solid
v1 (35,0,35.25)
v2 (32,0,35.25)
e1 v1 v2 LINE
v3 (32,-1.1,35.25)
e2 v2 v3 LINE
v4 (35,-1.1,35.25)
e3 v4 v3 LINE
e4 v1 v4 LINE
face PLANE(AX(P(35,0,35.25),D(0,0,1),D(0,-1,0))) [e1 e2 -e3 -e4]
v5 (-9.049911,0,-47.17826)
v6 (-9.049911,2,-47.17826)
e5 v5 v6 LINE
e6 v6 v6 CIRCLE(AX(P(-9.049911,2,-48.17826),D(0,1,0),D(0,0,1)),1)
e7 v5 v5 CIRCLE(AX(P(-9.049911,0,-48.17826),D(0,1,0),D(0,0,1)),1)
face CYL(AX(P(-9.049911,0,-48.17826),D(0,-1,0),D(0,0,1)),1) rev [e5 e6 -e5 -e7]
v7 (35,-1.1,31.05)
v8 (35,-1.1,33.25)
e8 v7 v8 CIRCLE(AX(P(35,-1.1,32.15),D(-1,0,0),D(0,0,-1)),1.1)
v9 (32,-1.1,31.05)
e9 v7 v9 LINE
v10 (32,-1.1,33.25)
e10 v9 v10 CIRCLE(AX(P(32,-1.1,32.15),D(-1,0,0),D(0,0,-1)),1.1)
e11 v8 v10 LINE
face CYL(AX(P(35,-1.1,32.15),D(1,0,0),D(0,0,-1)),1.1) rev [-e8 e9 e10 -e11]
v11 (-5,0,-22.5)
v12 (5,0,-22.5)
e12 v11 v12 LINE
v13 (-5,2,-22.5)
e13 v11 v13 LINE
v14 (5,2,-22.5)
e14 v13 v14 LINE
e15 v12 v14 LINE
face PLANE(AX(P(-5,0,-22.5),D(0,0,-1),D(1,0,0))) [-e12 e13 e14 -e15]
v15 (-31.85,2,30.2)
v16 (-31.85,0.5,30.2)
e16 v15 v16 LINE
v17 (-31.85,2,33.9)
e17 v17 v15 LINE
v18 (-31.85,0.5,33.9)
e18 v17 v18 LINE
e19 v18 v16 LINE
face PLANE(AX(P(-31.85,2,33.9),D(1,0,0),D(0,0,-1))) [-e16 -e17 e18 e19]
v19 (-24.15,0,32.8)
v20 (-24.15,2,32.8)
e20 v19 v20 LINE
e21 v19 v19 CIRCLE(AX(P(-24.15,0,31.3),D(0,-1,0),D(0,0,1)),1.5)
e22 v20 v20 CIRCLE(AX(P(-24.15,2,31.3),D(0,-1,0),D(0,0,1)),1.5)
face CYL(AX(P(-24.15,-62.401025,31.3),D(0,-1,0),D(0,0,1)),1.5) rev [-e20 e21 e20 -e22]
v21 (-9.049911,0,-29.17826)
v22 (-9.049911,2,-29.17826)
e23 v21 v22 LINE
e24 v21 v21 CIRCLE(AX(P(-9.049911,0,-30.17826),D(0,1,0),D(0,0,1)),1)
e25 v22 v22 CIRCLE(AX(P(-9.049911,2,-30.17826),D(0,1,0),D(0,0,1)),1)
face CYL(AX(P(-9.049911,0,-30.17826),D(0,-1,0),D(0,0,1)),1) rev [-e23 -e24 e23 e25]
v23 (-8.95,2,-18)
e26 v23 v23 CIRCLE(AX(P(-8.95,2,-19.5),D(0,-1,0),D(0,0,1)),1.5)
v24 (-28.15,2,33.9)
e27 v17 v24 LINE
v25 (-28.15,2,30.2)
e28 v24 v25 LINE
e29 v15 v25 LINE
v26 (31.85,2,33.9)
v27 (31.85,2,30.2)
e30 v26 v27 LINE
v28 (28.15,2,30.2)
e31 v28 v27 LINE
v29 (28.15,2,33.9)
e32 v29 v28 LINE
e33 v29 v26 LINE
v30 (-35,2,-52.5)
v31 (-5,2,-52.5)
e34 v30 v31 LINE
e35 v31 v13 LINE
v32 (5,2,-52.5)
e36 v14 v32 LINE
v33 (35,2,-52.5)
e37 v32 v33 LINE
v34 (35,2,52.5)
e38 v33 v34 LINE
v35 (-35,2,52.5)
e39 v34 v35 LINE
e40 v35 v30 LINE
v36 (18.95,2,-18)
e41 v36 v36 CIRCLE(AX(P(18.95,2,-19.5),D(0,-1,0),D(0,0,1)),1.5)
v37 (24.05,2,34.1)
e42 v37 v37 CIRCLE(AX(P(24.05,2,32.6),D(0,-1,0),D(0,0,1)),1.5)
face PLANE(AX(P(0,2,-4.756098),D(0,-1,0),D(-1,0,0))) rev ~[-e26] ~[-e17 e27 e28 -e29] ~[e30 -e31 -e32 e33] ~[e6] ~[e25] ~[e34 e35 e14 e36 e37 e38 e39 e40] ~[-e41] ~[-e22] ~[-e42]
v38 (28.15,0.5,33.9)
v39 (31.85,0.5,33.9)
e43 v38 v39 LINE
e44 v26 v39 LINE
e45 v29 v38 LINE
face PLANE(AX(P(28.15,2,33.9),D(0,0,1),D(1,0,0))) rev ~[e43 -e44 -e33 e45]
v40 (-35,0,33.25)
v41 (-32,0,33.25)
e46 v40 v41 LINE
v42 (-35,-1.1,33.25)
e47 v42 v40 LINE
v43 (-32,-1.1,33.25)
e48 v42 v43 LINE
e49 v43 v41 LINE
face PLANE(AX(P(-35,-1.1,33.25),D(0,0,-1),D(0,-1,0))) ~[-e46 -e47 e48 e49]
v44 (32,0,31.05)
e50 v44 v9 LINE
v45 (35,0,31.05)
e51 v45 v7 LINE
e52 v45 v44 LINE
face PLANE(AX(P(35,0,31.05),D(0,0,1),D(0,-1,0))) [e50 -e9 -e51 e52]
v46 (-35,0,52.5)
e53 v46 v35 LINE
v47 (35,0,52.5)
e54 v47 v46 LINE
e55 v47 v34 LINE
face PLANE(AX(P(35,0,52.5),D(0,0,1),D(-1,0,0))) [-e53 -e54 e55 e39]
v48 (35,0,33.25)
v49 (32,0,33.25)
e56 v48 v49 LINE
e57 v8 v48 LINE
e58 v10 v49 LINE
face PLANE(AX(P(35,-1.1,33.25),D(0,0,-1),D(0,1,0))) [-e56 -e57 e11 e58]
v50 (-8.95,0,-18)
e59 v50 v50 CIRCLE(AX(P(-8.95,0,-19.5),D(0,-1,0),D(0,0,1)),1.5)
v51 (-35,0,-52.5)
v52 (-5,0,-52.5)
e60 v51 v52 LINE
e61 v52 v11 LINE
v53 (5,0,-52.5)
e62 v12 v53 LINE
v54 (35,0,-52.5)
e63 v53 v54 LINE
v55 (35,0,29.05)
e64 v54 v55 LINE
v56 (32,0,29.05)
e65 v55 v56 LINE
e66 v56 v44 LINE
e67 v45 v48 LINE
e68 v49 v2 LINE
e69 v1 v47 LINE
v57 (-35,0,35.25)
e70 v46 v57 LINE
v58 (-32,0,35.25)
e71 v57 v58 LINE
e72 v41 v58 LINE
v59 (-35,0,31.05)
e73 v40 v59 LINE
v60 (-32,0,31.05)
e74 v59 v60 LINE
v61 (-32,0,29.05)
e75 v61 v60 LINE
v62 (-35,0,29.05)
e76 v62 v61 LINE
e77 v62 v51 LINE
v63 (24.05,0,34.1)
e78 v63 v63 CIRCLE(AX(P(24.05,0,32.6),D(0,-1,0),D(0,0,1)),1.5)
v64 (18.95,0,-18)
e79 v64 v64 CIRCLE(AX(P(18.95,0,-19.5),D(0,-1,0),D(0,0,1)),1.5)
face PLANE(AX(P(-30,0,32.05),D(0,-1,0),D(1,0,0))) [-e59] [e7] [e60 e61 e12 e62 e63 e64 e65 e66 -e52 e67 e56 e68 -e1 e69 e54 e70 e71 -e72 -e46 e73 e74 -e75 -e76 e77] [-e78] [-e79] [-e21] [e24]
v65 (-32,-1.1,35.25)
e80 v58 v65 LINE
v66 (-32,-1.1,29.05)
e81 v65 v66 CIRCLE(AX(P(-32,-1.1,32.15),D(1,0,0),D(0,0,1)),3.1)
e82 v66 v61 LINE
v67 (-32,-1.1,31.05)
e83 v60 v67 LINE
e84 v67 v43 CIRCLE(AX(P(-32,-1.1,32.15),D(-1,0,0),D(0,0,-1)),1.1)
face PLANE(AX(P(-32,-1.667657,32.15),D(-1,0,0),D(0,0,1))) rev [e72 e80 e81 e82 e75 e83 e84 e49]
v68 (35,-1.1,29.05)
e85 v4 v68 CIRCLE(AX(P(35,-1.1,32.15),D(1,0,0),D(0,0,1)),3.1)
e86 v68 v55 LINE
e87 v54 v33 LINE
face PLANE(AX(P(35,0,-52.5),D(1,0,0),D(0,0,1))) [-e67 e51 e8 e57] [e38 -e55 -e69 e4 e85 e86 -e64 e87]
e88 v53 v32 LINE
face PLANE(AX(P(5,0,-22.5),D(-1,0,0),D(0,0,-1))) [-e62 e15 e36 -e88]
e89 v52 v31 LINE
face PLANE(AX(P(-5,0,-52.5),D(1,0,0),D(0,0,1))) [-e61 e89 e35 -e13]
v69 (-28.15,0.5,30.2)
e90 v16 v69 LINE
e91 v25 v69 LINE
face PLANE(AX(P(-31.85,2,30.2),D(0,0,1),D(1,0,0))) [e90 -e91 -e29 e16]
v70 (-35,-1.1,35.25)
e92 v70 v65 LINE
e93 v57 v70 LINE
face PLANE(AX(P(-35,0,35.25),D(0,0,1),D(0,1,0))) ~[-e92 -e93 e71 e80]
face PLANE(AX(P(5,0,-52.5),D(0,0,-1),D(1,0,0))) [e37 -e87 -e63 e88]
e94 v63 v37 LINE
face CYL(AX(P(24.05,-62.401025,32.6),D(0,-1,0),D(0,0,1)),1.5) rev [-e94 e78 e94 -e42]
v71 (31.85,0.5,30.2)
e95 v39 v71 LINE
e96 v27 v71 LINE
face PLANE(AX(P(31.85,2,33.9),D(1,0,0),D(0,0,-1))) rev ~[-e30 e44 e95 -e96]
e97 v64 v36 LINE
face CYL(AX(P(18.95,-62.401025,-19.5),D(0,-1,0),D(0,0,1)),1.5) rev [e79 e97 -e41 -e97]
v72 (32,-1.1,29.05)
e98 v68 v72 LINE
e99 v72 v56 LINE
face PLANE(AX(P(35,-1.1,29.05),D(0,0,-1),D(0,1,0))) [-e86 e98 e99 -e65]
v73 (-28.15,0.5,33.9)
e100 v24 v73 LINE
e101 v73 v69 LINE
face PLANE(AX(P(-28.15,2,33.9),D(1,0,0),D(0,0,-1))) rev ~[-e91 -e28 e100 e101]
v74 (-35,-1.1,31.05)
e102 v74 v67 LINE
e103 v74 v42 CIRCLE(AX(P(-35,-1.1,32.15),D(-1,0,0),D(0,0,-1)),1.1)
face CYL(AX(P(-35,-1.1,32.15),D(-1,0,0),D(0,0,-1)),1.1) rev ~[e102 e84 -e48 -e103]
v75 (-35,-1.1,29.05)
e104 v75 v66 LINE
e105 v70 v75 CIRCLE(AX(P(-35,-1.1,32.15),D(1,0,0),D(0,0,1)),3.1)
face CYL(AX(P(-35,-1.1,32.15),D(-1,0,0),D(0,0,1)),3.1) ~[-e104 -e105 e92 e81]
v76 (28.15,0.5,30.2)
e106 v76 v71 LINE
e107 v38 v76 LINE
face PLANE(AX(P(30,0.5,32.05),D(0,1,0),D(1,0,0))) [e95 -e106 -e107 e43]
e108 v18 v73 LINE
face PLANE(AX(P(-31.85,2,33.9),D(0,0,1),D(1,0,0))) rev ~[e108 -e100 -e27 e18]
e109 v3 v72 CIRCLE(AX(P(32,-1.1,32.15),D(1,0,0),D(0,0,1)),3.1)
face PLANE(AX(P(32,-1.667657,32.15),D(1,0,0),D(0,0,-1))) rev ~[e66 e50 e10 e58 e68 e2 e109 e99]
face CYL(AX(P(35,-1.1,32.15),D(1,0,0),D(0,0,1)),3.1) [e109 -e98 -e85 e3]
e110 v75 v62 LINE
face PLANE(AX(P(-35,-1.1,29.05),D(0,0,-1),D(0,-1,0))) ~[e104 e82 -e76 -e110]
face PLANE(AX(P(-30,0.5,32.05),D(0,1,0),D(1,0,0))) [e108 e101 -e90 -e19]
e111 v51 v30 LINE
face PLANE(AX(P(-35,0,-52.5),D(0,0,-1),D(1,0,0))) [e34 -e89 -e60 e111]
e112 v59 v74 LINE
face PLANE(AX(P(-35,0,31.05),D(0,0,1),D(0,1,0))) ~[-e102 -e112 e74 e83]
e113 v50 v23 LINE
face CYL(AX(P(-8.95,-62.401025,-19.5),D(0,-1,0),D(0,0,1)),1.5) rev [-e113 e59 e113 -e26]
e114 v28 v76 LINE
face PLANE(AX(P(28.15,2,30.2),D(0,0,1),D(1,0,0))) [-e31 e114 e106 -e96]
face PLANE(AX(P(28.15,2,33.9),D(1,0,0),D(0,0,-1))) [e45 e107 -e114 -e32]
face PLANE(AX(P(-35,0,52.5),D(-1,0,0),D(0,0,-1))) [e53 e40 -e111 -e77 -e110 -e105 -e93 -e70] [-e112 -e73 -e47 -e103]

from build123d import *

# Parameters (mm, degrees)
SKETCH1_R               = 1
SKETCH1_W               = 3.1
SKETCH1_H               = 3.1
BOSS_EXTRUDE1_DEPTH     = 2
BOSS_EXTRUDE2_DEPTH     = 3
SKETCH4_W               = 3.1
SKETCH4_H               = 3.1
BOSS_EXTRUDE3_DEPTH     = 0.5
SKETCH5_W               = 3.7
SKETCH5_H               = 3.7
CUT_EXTRUDE1_DEPTH      = 1.5
CUT_EXTRUDE2_DEPTH      = 64.401025228
CUT_EXTRUDE2_DEPTH_BACK = 64.401025228
SKETCH6_R               = 1.5


with BuildPart() as part:
    # Sketch1 → Boss-Extrude1 (new body)
    with BuildSketch(Plane(origin=(0, 0, 0), x_dir=(1, 0, 0), z_dir=(0, 1, 0))):
        Polygon((-5, 52.5), (-5, 22.5), (5, 22.5), (5, 52.5), (35, 52.5), (35, -52.5), (-35, -52.5), (-35, 52.5), align=None)
        with Locations(Location((-9.049911388, 48.178259549, 0), (0, 0, 270))):
            Circle(SKETCH1_R, mode=Mode.SUBTRACT)
        with Locations(Location((-9.049911388, 30.178259549, 0), (0, 0, 270))):
            Circle(SKETCH1_R, mode=Mode.SUBTRACT)
        with Locations((-30, -32.05)):
            Rectangle(SKETCH1_W, SKETCH1_H, mode=Mode.SUBTRACT)
        with Locations((30, -32.05)):
            Rectangle(SKETCH1_W, SKETCH1_H, mode=Mode.SUBTRACT)
    extrude(amount=BOSS_EXTRUDE1_DEPTH)

    # Sketch3 → Boss-Extrude2 (add)
    with BuildSketch(Plane(origin=(35, 0, 0), x_dir=(0, 0, -1), z_dir=(1, 0, 0))):
        with BuildLine():
            Line((-33.25, 0), (-35.25, 0))
            Line((-35.25, 0), (-35.25, -1.1))
            ThreePointArc((-35.25, -1.1), (-32.15, -4.2), (-29.05, -1.1))
            Line((-29.05, -1.1), (-29.05, 0))
            Line((-29.05, 0), (-31.05, 0))
            Line((-31.05, 0), (-31.05, -1.1))
            ThreePointArc((-31.05, -1.1), (-32.15, -2.2), (-33.25, -1.1))
            Line((-33.25, -1.1), (-33.25, 0))
        make_face()
    boss_extrude2 = extrude(amount=-BOSS_EXTRUDE2_DEPTH)

    # Mirror1: Boss-Extrude2 across plane
    add(boss_extrude2.mirror(Plane(origin=(0, 0, 0), x_dir=(0, 0, 1), z_dir=(1, 0, 0))))

    # Sketch4 → Boss-Extrude3 (add)
    with BuildSketch(Plane.XZ):
        with Locations((-30, 32.05)):
            Rectangle(SKETCH4_W, SKETCH4_H)
        with Locations((30, 32.05)):
            Rectangle(SKETCH4_W, SKETCH4_H)
    extrude(amount=-BOSS_EXTRUDE3_DEPTH)

    # Sketch5 → Cut-Extrude1 (cut)
    with BuildSketch(Plane(origin=(0, 2, 0), x_dir=(1, 0, 0), z_dir=(0, 1, 0))):
        with Locations((-30, -32.05)):
            Rectangle(SKETCH5_W, SKETCH5_H)
        with Locations((30, -32.05)):
            Rectangle(SKETCH5_W, SKETCH5_H)
    extrude(amount=-CUT_EXTRUDE1_DEPTH, mode=Mode.SUBTRACT)

    # Sketch6 → Cut-Extrude2 (cut, two sides: drawn at the far end of the back side and taken through both)
    with BuildSketch(Plane(origin=(0, 2, 0), x_dir=(1, 0, 0), z_dir=(0, 1, 0)).offset(-CUT_EXTRUDE2_DEPTH_BACK)):
        with Locations(Location((-8.95, 19.5, 0), (0, 0, 270))):
            Circle(SKETCH6_R)
        with Locations(Location((18.95, 19.5, 0), (0, 0, 270))):
            Circle(SKETCH6_R)
        with Locations(Location((24.05, -32.6, 0), (0, 0, 270))):
            Circle(SKETCH6_R)
        with Locations(Location((-24.15, -31.3, 0), (0, 0, 270))):
            Circle(SKETCH6_R)
    extrude(amount=CUT_EXTRUDE2_DEPTH + CUT_EXTRUDE2_DEPTH_BACK, mode=Mode.SUBTRACT)


solid = part.part
